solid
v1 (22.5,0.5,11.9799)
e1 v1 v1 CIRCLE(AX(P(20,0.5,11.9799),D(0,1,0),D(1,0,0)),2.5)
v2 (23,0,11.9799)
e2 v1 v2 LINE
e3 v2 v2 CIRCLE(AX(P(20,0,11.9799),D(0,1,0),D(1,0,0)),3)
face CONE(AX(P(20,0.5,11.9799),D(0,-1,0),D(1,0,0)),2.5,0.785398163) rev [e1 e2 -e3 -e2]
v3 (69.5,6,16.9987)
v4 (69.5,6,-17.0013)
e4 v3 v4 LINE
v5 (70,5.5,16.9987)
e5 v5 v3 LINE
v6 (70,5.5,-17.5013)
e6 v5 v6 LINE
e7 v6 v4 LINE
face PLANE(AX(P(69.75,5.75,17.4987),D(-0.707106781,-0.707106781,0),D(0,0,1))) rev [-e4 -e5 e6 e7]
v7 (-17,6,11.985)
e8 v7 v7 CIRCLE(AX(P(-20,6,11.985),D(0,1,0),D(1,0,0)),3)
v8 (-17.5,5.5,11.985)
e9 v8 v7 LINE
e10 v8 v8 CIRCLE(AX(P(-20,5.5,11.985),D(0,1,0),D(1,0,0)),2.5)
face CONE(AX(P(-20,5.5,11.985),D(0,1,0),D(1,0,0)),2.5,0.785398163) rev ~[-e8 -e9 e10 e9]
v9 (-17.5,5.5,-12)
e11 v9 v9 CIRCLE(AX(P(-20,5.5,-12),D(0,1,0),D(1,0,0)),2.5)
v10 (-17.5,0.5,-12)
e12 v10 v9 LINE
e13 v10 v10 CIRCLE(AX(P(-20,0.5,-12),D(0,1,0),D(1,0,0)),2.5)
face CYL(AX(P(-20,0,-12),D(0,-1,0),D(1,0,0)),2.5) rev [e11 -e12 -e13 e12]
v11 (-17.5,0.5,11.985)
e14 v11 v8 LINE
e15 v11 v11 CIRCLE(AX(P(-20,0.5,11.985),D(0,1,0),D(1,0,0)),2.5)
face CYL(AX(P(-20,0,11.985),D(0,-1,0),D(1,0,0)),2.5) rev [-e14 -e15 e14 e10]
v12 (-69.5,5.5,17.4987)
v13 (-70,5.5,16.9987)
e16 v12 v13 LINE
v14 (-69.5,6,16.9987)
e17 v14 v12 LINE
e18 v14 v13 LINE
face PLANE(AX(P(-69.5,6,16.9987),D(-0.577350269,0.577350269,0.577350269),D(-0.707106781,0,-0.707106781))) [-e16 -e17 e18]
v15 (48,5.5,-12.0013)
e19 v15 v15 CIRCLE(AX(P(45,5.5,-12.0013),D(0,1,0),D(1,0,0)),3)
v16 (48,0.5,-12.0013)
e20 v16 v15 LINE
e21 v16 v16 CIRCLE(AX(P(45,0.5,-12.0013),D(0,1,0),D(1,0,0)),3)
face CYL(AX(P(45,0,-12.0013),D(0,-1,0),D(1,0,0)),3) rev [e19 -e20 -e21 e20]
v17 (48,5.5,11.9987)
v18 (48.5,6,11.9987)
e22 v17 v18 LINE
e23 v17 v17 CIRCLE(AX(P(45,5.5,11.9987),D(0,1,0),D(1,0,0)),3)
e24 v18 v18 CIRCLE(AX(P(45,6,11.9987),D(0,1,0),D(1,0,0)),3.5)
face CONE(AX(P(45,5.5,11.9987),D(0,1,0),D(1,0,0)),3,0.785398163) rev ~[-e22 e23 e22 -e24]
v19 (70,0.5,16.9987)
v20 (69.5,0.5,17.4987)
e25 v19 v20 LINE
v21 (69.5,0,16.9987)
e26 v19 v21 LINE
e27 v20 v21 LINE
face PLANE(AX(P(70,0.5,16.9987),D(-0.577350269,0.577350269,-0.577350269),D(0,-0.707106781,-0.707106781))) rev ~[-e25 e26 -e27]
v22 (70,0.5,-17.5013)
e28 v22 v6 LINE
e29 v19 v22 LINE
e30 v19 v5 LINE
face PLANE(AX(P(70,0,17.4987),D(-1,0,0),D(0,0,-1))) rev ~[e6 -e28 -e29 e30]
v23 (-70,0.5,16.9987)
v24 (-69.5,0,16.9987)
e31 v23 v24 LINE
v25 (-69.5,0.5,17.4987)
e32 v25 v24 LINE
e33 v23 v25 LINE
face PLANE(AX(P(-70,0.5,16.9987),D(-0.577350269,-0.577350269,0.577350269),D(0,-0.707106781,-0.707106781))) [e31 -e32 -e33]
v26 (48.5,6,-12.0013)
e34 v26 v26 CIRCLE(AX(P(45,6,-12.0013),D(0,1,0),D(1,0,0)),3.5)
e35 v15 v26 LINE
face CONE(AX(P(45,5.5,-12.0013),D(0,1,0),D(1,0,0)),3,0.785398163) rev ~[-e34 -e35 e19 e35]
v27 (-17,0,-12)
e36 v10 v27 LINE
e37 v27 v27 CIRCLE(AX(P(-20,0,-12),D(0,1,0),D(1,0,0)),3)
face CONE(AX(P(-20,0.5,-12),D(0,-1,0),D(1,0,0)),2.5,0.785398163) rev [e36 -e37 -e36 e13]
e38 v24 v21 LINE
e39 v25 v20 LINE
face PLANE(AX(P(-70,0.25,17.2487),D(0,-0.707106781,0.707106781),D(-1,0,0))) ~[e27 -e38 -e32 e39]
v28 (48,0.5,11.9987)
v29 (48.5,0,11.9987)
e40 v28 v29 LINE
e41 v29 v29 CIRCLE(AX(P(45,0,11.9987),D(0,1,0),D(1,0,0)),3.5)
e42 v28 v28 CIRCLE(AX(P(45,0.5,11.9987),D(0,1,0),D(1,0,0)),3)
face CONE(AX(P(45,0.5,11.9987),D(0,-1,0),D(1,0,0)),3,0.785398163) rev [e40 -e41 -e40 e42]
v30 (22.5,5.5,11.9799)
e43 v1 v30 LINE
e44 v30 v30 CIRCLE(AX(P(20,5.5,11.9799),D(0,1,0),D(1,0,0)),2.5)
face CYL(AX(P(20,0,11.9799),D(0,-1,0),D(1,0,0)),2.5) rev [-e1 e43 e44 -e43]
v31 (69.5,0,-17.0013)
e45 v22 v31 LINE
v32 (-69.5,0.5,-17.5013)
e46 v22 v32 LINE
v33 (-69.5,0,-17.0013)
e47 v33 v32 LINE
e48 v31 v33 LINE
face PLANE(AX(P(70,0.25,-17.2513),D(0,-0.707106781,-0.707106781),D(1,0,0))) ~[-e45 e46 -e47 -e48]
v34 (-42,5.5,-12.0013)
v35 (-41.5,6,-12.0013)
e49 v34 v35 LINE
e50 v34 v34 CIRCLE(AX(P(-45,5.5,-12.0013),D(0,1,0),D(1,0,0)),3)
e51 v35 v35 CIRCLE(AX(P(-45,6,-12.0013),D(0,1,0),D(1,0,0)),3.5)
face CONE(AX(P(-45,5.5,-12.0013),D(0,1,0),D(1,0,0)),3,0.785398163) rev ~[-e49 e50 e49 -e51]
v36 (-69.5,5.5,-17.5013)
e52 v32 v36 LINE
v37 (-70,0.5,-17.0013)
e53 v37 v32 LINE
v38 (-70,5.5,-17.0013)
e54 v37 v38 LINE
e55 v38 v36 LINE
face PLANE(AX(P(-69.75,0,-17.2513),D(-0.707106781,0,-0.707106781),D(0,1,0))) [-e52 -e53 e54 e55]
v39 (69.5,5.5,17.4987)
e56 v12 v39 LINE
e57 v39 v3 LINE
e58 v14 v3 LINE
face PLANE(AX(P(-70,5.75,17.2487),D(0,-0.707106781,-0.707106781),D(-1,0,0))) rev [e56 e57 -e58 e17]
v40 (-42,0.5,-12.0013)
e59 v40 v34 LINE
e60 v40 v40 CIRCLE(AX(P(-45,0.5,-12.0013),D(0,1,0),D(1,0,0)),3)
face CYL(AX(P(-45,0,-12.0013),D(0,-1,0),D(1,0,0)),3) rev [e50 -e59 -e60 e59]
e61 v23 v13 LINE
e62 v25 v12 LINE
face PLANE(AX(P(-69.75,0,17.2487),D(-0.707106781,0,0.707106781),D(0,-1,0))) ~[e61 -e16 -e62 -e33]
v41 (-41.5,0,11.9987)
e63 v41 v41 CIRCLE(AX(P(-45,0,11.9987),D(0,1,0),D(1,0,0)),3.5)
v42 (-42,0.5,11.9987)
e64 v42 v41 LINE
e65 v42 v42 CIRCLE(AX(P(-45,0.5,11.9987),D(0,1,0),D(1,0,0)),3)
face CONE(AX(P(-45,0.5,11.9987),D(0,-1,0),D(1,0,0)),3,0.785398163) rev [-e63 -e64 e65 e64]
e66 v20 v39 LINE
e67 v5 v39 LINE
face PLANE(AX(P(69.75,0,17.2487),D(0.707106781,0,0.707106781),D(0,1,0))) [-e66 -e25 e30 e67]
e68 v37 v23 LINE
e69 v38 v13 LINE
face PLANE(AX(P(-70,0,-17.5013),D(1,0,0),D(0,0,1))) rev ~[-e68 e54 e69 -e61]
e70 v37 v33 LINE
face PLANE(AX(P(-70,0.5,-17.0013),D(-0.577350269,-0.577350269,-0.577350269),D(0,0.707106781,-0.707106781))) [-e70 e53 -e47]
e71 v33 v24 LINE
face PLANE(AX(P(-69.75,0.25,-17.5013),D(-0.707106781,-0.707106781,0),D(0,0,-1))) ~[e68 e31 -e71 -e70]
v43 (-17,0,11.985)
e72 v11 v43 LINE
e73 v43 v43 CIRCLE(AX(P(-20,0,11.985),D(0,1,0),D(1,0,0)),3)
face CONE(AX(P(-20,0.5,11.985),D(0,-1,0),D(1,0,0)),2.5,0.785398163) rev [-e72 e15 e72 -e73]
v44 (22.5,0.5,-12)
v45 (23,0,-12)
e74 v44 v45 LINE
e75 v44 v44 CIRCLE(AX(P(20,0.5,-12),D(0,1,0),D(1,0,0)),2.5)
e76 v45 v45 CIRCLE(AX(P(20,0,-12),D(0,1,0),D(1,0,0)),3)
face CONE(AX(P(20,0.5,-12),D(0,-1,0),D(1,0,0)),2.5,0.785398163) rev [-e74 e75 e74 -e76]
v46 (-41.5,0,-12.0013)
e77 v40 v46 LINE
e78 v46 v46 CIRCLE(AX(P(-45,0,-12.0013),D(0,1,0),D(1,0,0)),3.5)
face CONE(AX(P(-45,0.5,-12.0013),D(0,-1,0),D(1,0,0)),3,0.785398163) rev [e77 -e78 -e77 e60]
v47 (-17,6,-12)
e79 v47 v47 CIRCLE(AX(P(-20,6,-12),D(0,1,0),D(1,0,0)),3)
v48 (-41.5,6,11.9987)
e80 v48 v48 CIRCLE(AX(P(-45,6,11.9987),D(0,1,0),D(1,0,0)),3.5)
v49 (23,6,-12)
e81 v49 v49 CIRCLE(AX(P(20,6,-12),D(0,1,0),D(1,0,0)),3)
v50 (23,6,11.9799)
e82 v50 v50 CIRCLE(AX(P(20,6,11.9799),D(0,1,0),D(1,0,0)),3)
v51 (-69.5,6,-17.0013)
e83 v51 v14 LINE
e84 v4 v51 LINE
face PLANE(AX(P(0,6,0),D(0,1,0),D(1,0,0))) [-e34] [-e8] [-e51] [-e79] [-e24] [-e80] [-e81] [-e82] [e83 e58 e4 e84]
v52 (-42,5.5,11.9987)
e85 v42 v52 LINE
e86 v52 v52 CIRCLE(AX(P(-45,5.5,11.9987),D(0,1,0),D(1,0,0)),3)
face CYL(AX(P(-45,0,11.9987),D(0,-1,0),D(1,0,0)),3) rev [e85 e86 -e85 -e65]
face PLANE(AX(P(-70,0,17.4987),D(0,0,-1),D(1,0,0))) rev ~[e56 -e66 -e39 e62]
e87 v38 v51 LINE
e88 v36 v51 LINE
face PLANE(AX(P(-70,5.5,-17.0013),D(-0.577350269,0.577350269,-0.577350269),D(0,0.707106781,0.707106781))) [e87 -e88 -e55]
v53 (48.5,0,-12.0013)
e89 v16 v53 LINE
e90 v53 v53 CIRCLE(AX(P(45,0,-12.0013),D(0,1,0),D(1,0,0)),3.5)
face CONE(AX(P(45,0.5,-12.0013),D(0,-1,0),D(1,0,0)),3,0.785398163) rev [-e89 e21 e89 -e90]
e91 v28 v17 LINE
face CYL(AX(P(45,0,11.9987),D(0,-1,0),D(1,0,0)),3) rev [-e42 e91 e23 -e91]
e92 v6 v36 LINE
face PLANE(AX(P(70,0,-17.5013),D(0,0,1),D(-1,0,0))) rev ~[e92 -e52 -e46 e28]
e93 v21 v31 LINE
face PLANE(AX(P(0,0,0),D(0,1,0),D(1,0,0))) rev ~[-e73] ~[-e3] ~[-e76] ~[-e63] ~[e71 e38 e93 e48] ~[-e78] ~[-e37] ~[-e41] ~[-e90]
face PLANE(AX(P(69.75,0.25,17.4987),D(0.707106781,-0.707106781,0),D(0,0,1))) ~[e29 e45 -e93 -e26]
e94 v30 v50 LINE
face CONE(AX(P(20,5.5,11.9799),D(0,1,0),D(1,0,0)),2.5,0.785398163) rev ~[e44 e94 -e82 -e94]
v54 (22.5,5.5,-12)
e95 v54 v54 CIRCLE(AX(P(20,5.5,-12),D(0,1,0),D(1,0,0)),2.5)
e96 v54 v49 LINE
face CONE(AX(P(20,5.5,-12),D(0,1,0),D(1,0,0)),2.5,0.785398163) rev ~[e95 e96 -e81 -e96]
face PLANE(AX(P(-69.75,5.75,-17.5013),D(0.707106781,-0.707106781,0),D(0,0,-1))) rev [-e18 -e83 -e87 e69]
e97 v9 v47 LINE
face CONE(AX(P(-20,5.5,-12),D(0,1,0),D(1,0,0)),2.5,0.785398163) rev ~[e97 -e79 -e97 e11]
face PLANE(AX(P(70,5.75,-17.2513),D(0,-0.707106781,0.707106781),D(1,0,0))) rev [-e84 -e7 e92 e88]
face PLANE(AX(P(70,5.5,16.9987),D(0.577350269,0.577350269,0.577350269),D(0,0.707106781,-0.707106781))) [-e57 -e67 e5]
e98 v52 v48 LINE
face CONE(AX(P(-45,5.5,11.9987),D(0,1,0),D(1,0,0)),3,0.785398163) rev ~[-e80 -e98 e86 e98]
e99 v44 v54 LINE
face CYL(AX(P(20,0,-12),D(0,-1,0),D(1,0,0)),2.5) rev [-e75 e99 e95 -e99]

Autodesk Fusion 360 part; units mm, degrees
sketch "Z motor reinforcement" plane through (0, 0, 0) normal (0, 1, 0) x (1, 0, 0)
  line L0 (-70, -17.4987) -> (70, -17.4987)
  circle A0 centre (-45, -11.9987) radius 3
  circle A1 centre (-45, 12.0013) radius 3
  circle A2 centre (45, -11.9987) radius 3
  circle A3 centre (45, 12.0013) radius 3
  circle A4 centre (20, -11.9799) radius 2.5
  line L1 (45, -13.5) -> (45, 16.5) construction
  line L2 (20, -13.5) -> (20, 16.5) construction
  line L3 (-54.8652, -11.9987) -> (55.1348, -11.9987) construction
  line L4 (70, 17.5013) -> (-70, 17.5013)
  line L5 (-45, -13.5) -> (-45, 16.5) construction
  line L6 (70, -17.4987) -> (70, 17.5013)
  line L7 (20, -11.9799) -> (20, 12) construction
  circle A5 centre (20, 12) radius 2.5
  line L8 (-55, 12.0013) -> (55, 12.0013) construction
  circle A6 centre (-20, 12) radius 2.5
  line L9 (-70, 17.5013) -> (-70, -17.4987)
  line L10 (-20, -11.985) -> (-20, 12) construction
  line L11 (-20, -13.5) -> (-20, 16.5) construction
  circle A7 centre (-20, -11.985) radius 2.5
  dimension "d1" = 140
  dimension "d2" = 35
  dimension "d3" = 110
  dimension "d4" = 24
  dimension "d5" = 25
  dimension "d6" = 40
  dimension "d7" = 25
  dimension "d8" = 25
  dimension "d9" = 6
  dimension "d10" = 6
  dimension "d11" = 6
  dimension "d12" = 6
  dimension "d13" = 5
  dimension "d14" = 5
  dimension "d15" = 5
  dimension "d16" = 5
  dimension "d17" = 5.5
extrude "Extrude1" add sketch "Z motor reinforcement" along normal blind 6 makes body 1
copy_body "Body->Comp1" bodies 1 removing the originals makes body 2 in component "Z motor reinforcement"
chamfer "Chamfer1" distance 0.5 angle 45 27 edges at (0, 0, 17.4987) (-70, 3, 17.4987) (0, 6, 17.4987) (70, 3, 17.4987) (70, 6, -0.0013) (70, 0, -0.0013) (0, 0, -17.5013) (-70, 0, -0.0013) (-47.797, 0, 10.9138) (-47.797, 0, -13.0862) (-22.3308, 0, 11.081) (-22.3308, 0, -12.904) (17.6692, 0, 11.0759) (17.6692, 0, -12.904) (42.203, 0, 10.9138) (42.203, 0, -13.0862) (0, 6, -17.5013) (-70, 3, -17.5013) (-70, 6, -0.0013) (-47.797, 6, -13.0862) (-47.797, 6, 10.9138) (-22.3308, 6, 11.081) (17.6692, 6, 11.0759) (42.203, 6, 10.9138) (42.203, 6, -13.0862) (17.6692, 6, -12.904) (-22.3308, 6, -12.904) on bodies 2 in component "Z motor reinforcement"
component "Z motor reinforcement" placed x (1, 0, 0) y (0, 1, 0) z (0, 0, 1) at (0, 0, 0)
